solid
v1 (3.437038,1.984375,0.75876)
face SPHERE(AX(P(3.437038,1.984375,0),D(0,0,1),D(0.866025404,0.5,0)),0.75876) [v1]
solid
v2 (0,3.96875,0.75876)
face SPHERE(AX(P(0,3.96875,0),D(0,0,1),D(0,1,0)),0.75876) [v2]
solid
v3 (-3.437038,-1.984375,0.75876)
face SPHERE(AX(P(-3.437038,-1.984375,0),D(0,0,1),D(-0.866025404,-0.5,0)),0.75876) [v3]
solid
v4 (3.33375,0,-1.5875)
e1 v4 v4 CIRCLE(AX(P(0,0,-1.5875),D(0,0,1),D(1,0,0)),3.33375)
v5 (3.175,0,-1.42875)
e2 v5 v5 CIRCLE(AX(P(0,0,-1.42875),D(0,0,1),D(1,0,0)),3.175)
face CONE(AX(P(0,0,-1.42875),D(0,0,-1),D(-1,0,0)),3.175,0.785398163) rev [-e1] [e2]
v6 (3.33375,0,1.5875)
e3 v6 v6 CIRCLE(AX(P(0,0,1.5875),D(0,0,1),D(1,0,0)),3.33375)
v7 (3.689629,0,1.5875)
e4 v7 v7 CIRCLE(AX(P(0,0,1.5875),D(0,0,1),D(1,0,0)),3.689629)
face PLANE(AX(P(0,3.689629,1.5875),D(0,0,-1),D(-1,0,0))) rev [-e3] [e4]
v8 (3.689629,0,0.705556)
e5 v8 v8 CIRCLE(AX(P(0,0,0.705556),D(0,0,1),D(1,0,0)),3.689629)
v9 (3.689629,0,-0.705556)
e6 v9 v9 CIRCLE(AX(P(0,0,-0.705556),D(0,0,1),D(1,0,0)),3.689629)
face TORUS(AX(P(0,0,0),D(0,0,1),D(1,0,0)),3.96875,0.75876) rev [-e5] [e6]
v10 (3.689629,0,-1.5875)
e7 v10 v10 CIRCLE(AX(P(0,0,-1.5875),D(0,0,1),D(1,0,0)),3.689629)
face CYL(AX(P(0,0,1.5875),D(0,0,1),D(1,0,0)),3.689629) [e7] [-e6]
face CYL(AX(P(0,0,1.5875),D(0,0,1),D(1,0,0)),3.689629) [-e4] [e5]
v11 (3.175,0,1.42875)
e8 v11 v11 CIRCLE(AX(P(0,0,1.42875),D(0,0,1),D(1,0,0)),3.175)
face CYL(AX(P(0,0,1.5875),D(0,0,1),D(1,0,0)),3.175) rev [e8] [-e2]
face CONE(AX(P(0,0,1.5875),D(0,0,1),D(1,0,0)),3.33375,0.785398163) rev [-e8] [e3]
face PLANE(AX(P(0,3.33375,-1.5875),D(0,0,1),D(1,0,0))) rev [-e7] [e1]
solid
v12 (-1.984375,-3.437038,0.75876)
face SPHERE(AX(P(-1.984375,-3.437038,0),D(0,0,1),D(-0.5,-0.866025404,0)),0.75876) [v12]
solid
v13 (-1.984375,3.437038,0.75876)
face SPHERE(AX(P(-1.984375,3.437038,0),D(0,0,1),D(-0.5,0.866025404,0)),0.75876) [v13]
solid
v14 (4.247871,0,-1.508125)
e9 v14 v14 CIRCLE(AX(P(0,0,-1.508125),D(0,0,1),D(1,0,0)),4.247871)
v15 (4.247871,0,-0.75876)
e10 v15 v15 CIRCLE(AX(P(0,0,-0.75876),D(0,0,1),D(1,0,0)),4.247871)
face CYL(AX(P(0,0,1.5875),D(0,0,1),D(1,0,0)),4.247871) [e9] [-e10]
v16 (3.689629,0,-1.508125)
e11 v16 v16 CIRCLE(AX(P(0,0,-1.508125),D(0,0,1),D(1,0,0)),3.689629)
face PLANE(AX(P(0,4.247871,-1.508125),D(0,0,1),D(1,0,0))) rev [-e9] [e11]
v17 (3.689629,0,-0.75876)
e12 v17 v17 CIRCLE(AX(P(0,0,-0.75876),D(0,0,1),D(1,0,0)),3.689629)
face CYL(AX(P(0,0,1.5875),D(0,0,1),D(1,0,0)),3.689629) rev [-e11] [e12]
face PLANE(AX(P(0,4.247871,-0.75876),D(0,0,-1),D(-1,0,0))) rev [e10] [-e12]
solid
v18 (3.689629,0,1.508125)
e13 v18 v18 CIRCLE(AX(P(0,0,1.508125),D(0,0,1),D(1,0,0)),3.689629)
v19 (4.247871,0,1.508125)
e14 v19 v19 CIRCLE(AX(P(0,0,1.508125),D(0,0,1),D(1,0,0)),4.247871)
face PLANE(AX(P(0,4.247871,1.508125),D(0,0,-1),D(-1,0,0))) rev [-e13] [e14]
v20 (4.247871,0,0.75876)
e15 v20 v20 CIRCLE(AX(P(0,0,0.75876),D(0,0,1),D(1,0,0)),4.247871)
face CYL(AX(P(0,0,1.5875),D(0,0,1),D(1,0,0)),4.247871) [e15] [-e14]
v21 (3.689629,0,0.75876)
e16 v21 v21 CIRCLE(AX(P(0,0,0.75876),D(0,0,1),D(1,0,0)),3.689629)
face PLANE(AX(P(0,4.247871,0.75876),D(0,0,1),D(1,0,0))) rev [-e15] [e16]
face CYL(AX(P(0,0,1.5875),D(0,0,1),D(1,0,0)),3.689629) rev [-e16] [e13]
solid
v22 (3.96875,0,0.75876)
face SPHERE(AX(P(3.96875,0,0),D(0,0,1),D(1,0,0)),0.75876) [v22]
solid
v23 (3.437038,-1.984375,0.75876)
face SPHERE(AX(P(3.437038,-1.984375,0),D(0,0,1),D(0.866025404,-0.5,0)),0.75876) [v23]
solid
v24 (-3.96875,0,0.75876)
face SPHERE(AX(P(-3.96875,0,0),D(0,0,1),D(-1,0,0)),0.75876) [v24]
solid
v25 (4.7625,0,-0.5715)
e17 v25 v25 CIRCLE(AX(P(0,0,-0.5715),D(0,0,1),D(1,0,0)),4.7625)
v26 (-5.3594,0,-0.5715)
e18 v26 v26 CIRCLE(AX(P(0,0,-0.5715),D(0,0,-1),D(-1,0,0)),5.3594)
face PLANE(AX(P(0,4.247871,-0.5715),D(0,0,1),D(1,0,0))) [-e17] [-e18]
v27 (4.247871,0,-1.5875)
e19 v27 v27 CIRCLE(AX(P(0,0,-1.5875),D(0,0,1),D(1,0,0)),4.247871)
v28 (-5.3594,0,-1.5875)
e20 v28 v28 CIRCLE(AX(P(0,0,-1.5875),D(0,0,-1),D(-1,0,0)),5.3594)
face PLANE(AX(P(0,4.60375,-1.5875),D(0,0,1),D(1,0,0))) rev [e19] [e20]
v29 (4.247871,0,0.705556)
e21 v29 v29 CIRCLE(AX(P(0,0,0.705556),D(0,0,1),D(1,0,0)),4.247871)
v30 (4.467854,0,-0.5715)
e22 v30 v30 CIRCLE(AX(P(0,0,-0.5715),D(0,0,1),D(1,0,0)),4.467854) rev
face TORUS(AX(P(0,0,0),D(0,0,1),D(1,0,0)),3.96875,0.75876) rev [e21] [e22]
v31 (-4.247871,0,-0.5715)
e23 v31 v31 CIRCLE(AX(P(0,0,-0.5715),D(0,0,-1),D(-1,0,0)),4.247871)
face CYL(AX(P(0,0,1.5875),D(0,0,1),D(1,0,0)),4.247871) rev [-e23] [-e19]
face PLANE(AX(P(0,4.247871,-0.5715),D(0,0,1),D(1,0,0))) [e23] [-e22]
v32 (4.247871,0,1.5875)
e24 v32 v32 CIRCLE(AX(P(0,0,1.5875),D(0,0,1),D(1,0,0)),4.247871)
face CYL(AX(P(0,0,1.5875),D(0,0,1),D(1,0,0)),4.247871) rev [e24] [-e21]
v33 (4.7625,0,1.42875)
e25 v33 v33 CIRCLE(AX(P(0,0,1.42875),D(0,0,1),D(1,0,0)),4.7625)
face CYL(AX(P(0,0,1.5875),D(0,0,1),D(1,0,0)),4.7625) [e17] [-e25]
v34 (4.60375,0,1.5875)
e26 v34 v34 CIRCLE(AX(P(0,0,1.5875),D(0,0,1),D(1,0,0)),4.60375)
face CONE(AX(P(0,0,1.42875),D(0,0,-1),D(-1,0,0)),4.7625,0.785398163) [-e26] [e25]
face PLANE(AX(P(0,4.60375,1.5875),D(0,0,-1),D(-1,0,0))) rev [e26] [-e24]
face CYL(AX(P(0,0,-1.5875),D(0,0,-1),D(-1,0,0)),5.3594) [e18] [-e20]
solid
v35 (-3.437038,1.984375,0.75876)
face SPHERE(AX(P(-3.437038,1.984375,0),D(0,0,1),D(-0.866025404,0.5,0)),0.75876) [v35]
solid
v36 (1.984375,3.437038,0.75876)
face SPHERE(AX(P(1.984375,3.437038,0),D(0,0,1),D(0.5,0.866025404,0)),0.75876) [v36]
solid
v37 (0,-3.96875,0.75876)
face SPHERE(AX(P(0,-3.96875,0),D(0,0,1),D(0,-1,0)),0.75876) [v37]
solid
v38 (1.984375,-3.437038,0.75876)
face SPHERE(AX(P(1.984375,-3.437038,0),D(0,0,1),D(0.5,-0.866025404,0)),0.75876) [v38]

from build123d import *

# Parameters (mm, degrees)
CIRPATTERN1_COUNT = 12
SKETCH5_W         = 0.749364756
SKETCH5_H         = 0.558241758
SKETCH6_W         = 1.016
SKETCH6_H         = 1.111529121


with BuildPart() as part:
    # Sketch1 → Revolve1 (revolve)
    with BuildSketch(Plane(origin=(0, 0, 0), x_dir=(0, 0, -1), z_dir=(1, 0, 0))):
        with BuildLine():
            Line((1.42875, 4.7625), (-1.42875, 4.7625))
            Line((-1.42875, 4.7625), (-1.5875, 4.60375))
            Line((-1.5875, 4.60375), (-1.5875, 4.247870879))
            Line((-1.5875, 4.247870879), (-0.705555556, 4.247870879))
            ThreePointArc((-0.705555556, 4.247870879), (0, 4.727510244), (0.705555556, 4.247870879))
            Line((0.705555556, 4.247870879), (1.5875, 4.247870879))
            Line((1.5875, 4.247870879), (1.5875, 4.60375))
            Line((1.5875, 4.60375), (1.42875, 4.7625))
        make_face()
    revolve(axis=Axis((0, 0, 1.5875), (0, 0, -1)))

    # Sketch6 → Revolve6 (revolve)
    with BuildSketch(Plane(origin=(0, 0, 0), x_dir=(0, 0, -1), z_dir=(1, 0, 0))):
        with Locations((1.0795, 4.80363544)):
            Rectangle(SKETCH6_W, SKETCH6_H)
    revolve(axis=Axis((0, 0, -1.5875), (0, 0, 1)))


with BuildPart() as body_2:
    # Sketch3 → Revolve3 (revolve)
    with BuildSketch(Plane(origin=(0, 0, 0), x_dir=(0, 0, -1), z_dir=(1, 0, 0))):
        with BuildLine():
            Line((-1.5875, 3.689629121), (-0.705555556, 3.689629121))
            ThreePointArc((-0.705555556, 3.689629121), (0, 3.209989756), (0.705555556, 3.689629121))
            Line((0.705555556, 3.689629121), (1.5875, 3.689629121))
            Line((1.5875, 3.689629121), (1.5875, 3.33375))
            Line((1.5875, 3.33375), (1.42875, 3.175))
            Line((1.42875, 3.175), (-1.42875, 3.175))
            Line((-1.42875, 3.175), (-1.5875, 3.33375))
            Line((-1.5875, 3.33375), (-1.5875, 3.689629121))
        make_face()
    revolve(axis=Axis((0, 0, 1.5875), (0, 0, -1)))


with BuildPart() as body_3:
    # Sketch4 → Revolve4 (revolve)
    with BuildSketch(Plane(origin=(0, 0, 0), x_dir=(0, 0, -1), z_dir=(1, 0, 0))):
        with BuildLine():
            Line((-0.758760244, 3.96875), (0.758760244, 3.96875))
            ThreePointArc((0.758760244, 3.96875), (0, 4.727510244), (-0.758760244, 3.96875))
        make_face()
    revolve(axis=Axis((0, 3.96875, 0.758760244), (0, 0, -1)))


with BuildPart() as cirpattern1_1:
    # CirPattern1: pattern copy
    add(body_3.part.rotate(Axis((0, 0, -1.5875), (0, 0, 1)), 1 * 360 / CIRPATTERN1_COUNT))


with BuildPart() as cirpattern1_2:
    # CirPattern1: pattern copy
    add(body_3.part.rotate(Axis((0, 0, -1.5875), (0, 0, 1)), 2 * 360 / CIRPATTERN1_COUNT))


with BuildPart() as cirpattern1_3:
    # CirPattern1: pattern copy
    add(body_3.part.rotate(Axis((0, 0, -1.5875), (0, 0, 1)), 3 * 360 / CIRPATTERN1_COUNT))


with BuildPart() as cirpattern1_4:
    # CirPattern1: pattern copy
    add(body_3.part.rotate(Axis((0, 0, -1.5875), (0, 0, 1)), 4 * 360 / CIRPATTERN1_COUNT))


with BuildPart() as cirpattern1_5:
    # CirPattern1: pattern copy
    add(body_3.part.rotate(Axis((0, 0, -1.5875), (0, 0, 1)), 5 * 360 / CIRPATTERN1_COUNT))


with BuildPart() as cirpattern1_6:
    # CirPattern1: pattern copy
    add(body_3.part.rotate(Axis((0, 0, -1.5875), (0, 0, 1)), 6 * 360 / CIRPATTERN1_COUNT))


with BuildPart() as cirpattern1_7:
    # CirPattern1: pattern copy
    add(body_3.part.rotate(Axis((0, 0, -1.5875), (0, 0, 1)), 7 * 360 / CIRPATTERN1_COUNT))


with BuildPart() as cirpattern1_8:
    # CirPattern1: pattern copy
    add(body_3.part.rotate(Axis((0, 0, -1.5875), (0, 0, 1)), 8 * 360 / CIRPATTERN1_COUNT))


with BuildPart() as cirpattern1_9:
    # CirPattern1: pattern copy
    add(body_3.part.rotate(Axis((0, 0, -1.5875), (0, 0, 1)), 9 * 360 / CIRPATTERN1_COUNT))


with BuildPart() as cirpattern1_10:
    # CirPattern1: pattern copy
    add(body_3.part.rotate(Axis((0, 0, -1.5875), (0, 0, 1)), 10 * 360 / CIRPATTERN1_COUNT))


with BuildPart() as cirpattern1_11:
    # CirPattern1: pattern copy
    add(body_3.part.rotate(Axis((0, 0, -1.5875), (0, 0, 1)), 11 * 360 / CIRPATTERN1_COUNT))


with BuildPart() as body_15:
    # Sketch5 → Revolve5 (revolve)
    with BuildSketch(Plane(origin=(0, 0, 0), x_dir=(0, 0, -1), z_dir=(1, 0, 0))):
        with Locations((-1.133442622, 3.96875)):
            Rectangle(SKETCH5_W, SKETCH5_H)
        with Locations((1.133442622, 3.96875)):
            Rectangle(SKETCH5_W, SKETCH5_H)
    revolve(axis=Axis((0, 0, 1.5875), (0, 0, -1)))


solid = Compound([part.part, body_2.part, body_3.part, cirpattern1_1.part, cirpattern1_2.part, cirpattern1_3.part, cirpattern1_4.part, cirpattern1_5.part, cirpattern1_6.part, cirpattern1_7.part, cirpattern1_8.part, cirpattern1_9.part, cirpattern1_10.part, cirpattern1_11.part, body_15.part])
